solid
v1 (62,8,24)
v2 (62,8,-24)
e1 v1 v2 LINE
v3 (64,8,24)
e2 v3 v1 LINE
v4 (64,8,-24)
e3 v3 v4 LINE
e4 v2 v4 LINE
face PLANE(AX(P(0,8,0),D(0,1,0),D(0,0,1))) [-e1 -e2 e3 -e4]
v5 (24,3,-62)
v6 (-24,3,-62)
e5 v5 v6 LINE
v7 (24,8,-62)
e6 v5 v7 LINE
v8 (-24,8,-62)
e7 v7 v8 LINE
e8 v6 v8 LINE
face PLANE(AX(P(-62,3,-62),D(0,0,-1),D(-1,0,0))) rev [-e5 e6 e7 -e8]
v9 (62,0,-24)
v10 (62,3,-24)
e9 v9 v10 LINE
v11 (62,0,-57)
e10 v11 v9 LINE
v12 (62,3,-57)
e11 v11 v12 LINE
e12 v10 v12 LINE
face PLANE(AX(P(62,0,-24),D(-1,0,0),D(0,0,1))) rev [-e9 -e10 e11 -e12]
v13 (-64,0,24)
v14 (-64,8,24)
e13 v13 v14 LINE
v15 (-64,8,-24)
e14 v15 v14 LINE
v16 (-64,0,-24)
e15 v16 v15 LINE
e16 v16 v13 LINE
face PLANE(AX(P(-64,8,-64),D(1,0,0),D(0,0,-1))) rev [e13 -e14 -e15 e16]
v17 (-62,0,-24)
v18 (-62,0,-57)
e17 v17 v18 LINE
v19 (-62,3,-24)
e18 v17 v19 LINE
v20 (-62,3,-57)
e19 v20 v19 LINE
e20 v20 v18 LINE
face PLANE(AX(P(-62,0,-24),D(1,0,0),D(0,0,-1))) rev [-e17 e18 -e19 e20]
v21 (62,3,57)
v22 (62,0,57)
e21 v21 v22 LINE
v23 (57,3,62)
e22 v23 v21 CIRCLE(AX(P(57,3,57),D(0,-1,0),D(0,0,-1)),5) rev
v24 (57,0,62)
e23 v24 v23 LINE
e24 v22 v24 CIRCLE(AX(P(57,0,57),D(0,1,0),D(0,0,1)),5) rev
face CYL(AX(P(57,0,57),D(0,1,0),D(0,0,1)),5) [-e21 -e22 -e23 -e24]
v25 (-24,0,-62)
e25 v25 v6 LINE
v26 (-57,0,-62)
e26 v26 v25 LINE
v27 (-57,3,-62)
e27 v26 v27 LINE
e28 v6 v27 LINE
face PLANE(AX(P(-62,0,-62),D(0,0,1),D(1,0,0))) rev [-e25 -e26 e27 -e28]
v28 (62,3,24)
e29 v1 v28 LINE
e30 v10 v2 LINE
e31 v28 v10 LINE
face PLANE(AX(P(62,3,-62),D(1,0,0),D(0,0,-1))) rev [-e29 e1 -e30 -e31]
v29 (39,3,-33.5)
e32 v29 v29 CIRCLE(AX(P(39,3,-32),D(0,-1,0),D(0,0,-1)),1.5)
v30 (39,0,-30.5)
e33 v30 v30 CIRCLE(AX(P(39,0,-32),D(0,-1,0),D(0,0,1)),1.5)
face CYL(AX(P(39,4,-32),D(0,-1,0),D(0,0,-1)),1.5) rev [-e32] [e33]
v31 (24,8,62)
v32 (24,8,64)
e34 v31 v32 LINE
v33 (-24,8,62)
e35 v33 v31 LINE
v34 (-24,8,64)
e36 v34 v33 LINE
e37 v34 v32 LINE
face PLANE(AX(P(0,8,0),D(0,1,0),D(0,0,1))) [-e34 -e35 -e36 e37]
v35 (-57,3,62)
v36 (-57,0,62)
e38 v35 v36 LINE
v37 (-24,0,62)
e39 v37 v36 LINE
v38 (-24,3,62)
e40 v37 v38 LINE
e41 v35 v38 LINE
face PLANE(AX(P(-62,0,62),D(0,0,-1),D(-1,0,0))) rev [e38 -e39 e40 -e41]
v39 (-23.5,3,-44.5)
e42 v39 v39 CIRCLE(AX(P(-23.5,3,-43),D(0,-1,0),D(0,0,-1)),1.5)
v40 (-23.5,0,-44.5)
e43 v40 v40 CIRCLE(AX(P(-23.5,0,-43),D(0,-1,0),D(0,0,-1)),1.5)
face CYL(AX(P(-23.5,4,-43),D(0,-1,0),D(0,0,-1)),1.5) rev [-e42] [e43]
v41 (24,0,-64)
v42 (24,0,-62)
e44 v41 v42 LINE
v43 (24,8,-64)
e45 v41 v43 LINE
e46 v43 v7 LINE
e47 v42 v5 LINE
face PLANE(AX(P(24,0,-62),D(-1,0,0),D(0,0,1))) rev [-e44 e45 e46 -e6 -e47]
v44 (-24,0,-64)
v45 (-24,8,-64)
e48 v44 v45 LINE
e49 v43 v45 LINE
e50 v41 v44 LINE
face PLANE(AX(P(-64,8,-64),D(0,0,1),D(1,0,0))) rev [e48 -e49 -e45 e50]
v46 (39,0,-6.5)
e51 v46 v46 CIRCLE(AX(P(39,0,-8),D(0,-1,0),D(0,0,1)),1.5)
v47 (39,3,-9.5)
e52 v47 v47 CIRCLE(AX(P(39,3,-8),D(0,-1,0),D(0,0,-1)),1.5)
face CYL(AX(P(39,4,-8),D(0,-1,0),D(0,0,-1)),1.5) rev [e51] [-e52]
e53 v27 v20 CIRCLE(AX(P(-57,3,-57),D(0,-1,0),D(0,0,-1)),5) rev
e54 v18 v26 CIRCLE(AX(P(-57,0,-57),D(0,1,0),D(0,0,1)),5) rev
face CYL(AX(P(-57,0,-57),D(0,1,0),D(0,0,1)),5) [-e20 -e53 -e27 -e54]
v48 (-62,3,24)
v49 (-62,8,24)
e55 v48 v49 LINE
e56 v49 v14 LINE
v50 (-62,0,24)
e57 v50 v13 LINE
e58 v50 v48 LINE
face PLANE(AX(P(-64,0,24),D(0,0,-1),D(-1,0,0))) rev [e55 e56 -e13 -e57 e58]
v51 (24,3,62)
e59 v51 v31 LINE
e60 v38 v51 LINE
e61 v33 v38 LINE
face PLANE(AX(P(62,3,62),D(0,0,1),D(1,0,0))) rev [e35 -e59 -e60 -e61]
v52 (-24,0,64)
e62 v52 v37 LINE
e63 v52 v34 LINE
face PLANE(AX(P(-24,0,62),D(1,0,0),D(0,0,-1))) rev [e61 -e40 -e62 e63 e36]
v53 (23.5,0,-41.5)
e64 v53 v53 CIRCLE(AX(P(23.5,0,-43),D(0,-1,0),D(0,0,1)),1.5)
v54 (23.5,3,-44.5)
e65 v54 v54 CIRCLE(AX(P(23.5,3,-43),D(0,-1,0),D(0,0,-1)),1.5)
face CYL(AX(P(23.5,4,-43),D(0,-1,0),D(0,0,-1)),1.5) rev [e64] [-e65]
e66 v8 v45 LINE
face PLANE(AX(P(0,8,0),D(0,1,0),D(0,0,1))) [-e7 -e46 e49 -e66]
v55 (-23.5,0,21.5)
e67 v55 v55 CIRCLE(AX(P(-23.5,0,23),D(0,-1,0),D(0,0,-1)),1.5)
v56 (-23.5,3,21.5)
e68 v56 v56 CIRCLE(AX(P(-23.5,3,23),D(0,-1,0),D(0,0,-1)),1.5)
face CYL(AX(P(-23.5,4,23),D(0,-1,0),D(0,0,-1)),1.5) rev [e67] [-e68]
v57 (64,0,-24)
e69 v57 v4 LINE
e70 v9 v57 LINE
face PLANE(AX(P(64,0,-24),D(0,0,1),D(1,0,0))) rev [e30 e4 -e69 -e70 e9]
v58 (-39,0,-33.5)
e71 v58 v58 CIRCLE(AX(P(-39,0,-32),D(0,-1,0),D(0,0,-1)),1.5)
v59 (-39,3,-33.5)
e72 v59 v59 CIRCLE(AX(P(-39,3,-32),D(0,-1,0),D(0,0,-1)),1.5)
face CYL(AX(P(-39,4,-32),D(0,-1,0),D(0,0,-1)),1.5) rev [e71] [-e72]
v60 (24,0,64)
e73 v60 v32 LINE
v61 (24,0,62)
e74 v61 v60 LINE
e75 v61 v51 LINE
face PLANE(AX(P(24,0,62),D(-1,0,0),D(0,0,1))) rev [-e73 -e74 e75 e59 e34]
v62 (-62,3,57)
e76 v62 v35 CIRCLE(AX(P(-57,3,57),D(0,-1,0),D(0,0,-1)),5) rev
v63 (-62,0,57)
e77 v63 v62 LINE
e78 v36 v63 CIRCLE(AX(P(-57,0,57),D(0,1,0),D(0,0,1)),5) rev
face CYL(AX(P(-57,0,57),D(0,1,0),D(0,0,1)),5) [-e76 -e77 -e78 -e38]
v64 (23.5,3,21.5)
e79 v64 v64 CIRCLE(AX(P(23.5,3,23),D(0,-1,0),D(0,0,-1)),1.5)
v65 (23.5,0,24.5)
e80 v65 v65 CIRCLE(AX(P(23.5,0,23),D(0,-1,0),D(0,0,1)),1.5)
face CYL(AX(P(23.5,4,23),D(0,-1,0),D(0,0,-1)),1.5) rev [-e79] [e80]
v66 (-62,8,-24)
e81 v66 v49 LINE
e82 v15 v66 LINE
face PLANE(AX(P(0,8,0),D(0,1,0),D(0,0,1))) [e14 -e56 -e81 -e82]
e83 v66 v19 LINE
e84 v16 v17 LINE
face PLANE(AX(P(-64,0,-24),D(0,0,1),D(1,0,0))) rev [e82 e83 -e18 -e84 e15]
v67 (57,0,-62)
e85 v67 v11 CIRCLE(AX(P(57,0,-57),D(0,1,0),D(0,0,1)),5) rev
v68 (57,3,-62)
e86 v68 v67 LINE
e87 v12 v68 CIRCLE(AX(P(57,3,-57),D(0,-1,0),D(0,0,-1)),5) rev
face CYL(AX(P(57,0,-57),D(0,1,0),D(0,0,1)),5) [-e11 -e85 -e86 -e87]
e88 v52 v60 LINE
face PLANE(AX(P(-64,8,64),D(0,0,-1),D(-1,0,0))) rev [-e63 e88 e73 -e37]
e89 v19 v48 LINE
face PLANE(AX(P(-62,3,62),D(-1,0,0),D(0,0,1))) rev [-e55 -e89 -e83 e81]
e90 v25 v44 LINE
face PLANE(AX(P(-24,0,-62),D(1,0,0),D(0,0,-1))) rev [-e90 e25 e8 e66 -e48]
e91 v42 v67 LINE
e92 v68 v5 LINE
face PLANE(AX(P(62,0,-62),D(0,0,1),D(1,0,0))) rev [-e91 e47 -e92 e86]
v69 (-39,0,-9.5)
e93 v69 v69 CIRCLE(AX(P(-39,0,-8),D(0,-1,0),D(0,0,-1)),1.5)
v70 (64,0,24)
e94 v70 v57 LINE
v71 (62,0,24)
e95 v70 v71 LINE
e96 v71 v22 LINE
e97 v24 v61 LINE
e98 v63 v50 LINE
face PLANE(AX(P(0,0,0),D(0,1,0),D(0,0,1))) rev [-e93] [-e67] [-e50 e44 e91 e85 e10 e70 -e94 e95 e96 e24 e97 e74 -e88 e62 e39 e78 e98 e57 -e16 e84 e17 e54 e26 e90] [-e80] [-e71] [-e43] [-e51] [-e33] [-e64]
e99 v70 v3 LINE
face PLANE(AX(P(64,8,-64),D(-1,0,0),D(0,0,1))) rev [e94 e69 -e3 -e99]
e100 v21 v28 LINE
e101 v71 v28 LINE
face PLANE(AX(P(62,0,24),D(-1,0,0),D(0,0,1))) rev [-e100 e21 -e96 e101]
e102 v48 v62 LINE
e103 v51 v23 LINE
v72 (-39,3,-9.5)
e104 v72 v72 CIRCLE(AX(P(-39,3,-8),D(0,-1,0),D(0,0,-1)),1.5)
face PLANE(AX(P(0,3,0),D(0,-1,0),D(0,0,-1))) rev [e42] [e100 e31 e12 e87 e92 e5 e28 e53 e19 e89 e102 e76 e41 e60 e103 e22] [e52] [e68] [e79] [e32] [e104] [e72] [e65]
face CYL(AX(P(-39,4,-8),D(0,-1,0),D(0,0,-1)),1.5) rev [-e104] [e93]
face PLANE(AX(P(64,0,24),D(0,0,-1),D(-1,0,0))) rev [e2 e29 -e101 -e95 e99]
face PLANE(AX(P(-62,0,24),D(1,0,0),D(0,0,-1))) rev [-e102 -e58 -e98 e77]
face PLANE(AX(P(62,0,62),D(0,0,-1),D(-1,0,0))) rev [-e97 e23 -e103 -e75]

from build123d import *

# Parameters (mm, degrees)
SKETCH_1_W          = 128
SKETCH_1_H          = 128
EXTRUDE_1_DEPTH     = 8
CUT_EXTRUDE_1_DEPTH = 8
SKETCH_3_W          = 124
SKETCH_3_H          = 124
CUT_EXTRUDE_2_DEPTH = 5
FILLET_1_R          = 5
FILLET_2_R          = 5
FILLET_3_R          = 5
FILLET_4_R          = 5
SKETCH_4_R          = 1.5
CUT_EXTRUDE_3_DEPTH = 4


with BuildPart() as part:
    # 草图1 → 凸台-拉伸1 (new body)
    with BuildSketch(Plane(origin=(0, 0, 0), x_dir=(1, 0, 0), z_dir=(0, 1, 0))):
        Rectangle(SKETCH_1_W, SKETCH_1_H)
    extrude(amount=EXTRUDE_1_DEPTH)

    # 草图2 → 切除-拉伸1 (cut)
    with BuildSketch(Plane(origin=(0, 8, 0), x_dir=(1, 0, 0), z_dir=(0, 1, 0))):
        Polygon((-64, 64), (-64, 24), (-62, 24), (-62, 62), (-24, 62), (-24, 64), align=None)
        Polygon((-64, -24), (-62, -24), (-62, -62), (-24, -62), (-24, -64), (-64, -64), align=None)
        Polygon((24, -62), (24, -64), (64, -64), (64, -24), (62, -24), (62, -62), align=None)
        Polygon((64, 24), (62, 24), (62, 62), (24, 62), (24, 64), (64, 64), align=None)
    extrude(amount=-CUT_EXTRUDE_1_DEPTH, mode=Mode.SUBTRACT)

    # 草图3 → 切除-拉伸2 (cut)
    with BuildSketch(Plane(origin=(0, 8, 0), x_dir=(1, 0, 0), z_dir=(0, 1, 0))):
        Rectangle(SKETCH_3_W, SKETCH_3_H)
    extrude(amount=-CUT_EXTRUDE_2_DEPTH, mode=Mode.SUBTRACT)

    # 圆角1
    fillet_1_edges = [part.edges().sort_by_distance(p)[0] for p in [
        (-62, 1.5, 62),
    ]]
    fillet(fillet_1_edges, radius=FILLET_1_R)

    # 圆角2
    fillet_2_edges = [part.edges().sort_by_distance(p)[0] for p in [
        (62, 1.5, 62),
    ]]
    fillet(fillet_2_edges, radius=FILLET_2_R)

    # 圆角3
    fillet_3_edges = [part.edges().sort_by_distance(p)[0] for p in [
        (62, 1.5, -62),
    ]]
    fillet(fillet_3_edges, radius=FILLET_3_R)

    # 圆角4
    fillet_4_edges = [part.edges().sort_by_distance(p)[0] for p in [
        (-62, 1.5, -62),
    ]]
    fillet(fillet_4_edges, radius=FILLET_4_R)

    # 草图4 → 切除-拉伸3 (cut)
    with BuildSketch(Plane.XZ):
        with Locations(Location((-23.5, -43, 0), (0, 0, 270))):
            Circle(SKETCH_4_R)
        with Locations(Location((23.5, -43, 0), (0, 0, 270))):
            Circle(SKETCH_4_R)
        with Locations(Location((-23.5, 23, 0), (0, 0, 270))):
            Circle(SKETCH_4_R)
        with Locations(Location((23.5, 23, 0), (0, 0, 270))):
            Circle(SKETCH_4_R)
        with Locations(Location((-39, -32, 0), (0, 0, 270))):
            Circle(SKETCH_4_R)
        with Locations(Location((39, -32, 0), (0, 0, 270))):
            Circle(SKETCH_4_R)
        with Locations(Location((-39, -8, 0), (0, 0, 270))):
            Circle(SKETCH_4_R)
        with Locations(Location((39, -8, 0), (0, 0, 270))):
            Circle(SKETCH_4_R)
    extrude(amount=-CUT_EXTRUDE_3_DEPTH, mode=Mode.SUBTRACT)


solid = part.part
